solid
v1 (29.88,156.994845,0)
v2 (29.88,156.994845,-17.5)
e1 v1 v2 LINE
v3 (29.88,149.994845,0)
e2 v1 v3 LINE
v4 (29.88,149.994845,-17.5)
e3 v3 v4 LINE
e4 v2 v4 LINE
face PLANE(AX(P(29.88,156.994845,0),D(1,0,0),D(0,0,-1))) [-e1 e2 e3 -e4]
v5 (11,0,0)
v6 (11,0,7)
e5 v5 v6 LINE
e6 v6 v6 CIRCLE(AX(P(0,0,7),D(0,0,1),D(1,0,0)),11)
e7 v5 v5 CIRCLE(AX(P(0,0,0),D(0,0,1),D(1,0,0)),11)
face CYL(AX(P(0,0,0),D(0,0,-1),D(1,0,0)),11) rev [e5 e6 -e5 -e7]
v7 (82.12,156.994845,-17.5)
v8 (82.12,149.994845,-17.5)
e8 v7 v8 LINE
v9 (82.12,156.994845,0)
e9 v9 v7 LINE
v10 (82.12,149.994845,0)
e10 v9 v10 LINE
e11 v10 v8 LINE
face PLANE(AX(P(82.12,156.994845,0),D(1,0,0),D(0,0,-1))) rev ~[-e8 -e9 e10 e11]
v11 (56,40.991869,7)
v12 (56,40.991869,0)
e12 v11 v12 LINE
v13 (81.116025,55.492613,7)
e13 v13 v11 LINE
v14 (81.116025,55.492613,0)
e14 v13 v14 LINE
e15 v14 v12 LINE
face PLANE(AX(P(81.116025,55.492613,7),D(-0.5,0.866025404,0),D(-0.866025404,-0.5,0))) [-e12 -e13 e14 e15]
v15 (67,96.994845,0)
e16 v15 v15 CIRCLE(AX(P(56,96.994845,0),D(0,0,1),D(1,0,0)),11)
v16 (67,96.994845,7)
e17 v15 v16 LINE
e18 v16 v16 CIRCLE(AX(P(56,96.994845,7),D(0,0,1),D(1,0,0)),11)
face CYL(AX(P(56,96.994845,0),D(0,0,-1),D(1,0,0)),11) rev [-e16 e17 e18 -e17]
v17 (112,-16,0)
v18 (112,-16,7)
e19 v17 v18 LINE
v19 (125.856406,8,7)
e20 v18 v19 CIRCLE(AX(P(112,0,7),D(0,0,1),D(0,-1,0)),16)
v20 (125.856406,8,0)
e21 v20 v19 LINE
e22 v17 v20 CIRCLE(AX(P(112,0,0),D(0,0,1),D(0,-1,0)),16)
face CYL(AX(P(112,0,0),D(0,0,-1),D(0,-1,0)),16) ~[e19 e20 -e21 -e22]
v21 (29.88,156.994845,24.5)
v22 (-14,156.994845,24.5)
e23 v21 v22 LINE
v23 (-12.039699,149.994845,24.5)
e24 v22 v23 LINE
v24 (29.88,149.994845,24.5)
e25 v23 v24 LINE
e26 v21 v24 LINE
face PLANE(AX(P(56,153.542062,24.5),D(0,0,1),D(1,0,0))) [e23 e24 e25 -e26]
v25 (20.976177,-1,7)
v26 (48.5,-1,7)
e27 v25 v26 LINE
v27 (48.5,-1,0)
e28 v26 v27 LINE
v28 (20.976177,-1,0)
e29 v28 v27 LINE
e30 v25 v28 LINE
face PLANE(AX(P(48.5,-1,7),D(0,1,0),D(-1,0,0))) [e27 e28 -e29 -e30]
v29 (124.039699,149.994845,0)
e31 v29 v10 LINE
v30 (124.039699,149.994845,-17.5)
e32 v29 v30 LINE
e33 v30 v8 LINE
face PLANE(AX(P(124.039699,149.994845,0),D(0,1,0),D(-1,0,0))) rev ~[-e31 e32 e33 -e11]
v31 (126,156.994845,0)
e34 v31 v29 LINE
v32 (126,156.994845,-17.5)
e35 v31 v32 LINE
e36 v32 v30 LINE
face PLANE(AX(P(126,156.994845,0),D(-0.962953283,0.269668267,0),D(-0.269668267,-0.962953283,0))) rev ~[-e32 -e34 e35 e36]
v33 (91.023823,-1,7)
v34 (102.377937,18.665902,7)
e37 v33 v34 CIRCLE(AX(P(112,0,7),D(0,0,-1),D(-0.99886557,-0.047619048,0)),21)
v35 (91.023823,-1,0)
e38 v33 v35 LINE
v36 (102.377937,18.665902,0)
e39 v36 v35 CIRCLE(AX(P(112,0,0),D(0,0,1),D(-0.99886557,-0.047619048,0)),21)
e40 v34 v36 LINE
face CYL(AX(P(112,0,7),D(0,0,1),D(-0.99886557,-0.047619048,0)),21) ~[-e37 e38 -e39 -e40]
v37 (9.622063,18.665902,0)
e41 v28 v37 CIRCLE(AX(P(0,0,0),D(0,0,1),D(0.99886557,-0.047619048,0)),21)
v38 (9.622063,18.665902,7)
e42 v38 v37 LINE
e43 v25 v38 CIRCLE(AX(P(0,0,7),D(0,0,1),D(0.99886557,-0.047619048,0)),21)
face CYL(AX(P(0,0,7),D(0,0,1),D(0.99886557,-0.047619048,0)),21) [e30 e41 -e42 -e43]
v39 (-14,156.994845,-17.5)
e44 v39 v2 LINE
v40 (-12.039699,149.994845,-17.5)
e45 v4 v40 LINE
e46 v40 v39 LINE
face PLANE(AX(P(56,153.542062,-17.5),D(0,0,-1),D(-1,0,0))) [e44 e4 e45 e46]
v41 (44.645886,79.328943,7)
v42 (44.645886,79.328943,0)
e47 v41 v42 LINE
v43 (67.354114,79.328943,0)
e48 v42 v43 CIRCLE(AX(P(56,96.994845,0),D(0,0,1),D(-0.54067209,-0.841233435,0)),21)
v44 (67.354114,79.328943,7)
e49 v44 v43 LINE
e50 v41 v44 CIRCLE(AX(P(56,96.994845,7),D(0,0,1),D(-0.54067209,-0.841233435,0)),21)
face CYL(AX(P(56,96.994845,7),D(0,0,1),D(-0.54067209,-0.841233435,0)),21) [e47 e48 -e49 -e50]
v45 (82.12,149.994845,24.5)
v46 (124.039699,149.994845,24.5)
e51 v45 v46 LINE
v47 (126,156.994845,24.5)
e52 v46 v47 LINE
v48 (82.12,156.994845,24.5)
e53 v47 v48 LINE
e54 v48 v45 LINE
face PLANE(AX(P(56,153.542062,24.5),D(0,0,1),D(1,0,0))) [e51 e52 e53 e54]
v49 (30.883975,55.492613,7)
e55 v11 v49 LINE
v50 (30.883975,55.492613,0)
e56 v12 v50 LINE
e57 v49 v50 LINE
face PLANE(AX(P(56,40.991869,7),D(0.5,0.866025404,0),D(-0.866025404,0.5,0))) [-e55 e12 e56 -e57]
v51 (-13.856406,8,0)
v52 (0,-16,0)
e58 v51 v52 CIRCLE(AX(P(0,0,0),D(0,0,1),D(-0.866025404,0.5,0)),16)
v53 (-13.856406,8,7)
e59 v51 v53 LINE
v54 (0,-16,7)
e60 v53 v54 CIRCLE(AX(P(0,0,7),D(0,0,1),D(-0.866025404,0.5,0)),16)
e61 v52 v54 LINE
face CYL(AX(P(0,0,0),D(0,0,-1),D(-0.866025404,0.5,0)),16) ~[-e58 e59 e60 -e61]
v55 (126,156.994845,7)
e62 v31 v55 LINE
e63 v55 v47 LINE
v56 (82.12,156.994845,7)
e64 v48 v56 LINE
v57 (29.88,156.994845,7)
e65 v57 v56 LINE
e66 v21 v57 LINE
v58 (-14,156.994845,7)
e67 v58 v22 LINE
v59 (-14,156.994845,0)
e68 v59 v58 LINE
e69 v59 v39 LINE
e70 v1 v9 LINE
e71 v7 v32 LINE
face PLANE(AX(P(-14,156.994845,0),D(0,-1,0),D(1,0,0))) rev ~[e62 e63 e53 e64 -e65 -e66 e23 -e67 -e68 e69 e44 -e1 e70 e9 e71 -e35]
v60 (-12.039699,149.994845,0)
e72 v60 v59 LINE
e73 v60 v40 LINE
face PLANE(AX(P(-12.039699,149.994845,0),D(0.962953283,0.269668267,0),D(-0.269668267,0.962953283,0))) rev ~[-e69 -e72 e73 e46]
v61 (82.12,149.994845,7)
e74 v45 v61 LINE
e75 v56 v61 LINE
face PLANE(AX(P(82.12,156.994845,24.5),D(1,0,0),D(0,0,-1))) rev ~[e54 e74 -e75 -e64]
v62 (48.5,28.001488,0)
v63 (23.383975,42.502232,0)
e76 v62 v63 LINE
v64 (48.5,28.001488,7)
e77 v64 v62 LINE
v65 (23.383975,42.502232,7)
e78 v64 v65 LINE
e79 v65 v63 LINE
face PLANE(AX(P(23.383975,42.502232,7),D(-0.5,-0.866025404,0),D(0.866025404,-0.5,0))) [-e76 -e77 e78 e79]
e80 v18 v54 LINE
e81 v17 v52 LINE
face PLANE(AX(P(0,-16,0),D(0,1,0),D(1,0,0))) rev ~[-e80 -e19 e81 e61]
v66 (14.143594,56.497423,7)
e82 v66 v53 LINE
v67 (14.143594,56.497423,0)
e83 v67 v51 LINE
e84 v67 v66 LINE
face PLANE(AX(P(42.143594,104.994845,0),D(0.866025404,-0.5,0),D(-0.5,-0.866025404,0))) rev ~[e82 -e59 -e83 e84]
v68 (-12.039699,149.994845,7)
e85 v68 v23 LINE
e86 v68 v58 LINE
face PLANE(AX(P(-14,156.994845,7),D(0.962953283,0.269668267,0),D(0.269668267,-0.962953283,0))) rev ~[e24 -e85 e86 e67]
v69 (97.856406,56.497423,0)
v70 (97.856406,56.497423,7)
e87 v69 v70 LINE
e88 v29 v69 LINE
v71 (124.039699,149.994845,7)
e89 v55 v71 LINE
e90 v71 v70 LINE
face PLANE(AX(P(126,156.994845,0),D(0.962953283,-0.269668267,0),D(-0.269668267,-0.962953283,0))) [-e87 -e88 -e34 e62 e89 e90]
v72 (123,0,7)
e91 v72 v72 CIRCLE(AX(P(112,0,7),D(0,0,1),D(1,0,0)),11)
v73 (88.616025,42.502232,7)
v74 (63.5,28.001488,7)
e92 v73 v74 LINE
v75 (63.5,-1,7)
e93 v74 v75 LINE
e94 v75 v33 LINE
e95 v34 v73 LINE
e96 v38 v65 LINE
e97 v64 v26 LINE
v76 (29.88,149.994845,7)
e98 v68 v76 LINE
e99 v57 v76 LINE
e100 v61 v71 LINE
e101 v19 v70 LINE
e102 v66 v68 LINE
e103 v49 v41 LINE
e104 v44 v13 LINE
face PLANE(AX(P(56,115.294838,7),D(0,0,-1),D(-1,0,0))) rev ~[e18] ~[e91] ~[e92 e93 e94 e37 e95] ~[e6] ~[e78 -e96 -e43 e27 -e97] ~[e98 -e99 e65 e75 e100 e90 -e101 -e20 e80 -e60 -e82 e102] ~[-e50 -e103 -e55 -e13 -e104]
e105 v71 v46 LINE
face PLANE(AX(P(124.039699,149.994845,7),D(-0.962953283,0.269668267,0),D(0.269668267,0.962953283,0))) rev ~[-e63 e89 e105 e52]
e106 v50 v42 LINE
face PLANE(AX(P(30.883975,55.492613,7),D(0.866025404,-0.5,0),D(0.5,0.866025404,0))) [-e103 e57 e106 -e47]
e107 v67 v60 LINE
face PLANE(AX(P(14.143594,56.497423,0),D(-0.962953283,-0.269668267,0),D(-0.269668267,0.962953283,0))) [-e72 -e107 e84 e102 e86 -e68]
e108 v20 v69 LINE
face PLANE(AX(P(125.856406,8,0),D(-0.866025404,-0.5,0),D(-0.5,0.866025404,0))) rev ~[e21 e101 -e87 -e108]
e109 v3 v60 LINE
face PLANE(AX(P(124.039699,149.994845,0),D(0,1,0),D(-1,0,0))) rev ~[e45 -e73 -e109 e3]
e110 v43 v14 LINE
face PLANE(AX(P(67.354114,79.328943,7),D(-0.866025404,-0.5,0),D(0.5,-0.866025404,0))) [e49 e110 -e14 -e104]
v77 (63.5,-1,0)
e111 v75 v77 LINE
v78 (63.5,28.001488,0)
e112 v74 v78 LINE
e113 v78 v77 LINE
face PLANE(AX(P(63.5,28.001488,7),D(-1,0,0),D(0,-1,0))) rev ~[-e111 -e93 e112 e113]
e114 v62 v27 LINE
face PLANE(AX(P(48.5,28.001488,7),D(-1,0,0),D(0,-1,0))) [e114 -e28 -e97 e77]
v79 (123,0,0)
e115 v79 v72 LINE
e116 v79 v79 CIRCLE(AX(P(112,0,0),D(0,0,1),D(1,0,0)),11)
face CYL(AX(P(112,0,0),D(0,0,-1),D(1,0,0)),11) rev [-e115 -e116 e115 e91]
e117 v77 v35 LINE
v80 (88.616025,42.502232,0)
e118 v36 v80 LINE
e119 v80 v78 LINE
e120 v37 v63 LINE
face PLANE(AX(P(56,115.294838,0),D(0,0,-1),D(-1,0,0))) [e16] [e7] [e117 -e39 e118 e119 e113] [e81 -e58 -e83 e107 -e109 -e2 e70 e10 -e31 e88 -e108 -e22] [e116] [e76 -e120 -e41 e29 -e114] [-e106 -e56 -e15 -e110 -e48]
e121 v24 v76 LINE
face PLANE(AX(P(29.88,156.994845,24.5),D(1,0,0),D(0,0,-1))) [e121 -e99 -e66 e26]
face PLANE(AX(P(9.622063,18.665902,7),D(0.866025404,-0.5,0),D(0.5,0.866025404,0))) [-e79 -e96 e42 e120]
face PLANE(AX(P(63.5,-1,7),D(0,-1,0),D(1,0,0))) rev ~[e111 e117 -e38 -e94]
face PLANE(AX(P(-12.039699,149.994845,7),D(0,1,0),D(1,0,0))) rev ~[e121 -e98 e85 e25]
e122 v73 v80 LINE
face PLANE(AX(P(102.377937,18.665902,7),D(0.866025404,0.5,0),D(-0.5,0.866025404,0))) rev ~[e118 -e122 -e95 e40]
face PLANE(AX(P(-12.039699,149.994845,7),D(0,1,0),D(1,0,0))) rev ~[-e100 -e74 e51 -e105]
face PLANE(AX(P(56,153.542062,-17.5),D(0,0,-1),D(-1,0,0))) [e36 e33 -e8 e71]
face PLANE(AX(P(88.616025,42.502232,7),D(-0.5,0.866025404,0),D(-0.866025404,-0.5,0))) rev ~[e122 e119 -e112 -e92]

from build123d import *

# Parameters (mm, degrees)
SKETCH1_R           = 11
BOSS_EXTRUDE1_DEPTH = 7
CUT_EXTRUDE1_DEPTH  = 8
BOSS_EXTRUDE2_DEPTH = 7
BOSS_EXTRUDE3_DEPTH = 17.5
BOSS_EXTRUDE4_DEPTH = 17.5
SKETCH10_W          = 52.24
SKETCH10_H          = 17.5
CUT_EXTRUDE2_DEPTH  = 173.994845224


with BuildPart() as part:
    # Sketch1 → Boss-Extrude1 (new body)
    with BuildSketch(Plane.XY):
        with BuildLine():
            Line((42.143593539, 104.994845224), (-13.856406461, 8))
            ThreePointArc((-13.856406461, 8), (-13.856406461, -8), (0, -16))
            Line((0, -16), (112, -16))
            ThreePointArc((112, -16), (125.856406461, -8), (125.856406461, 8))
            Line((125.856406461, 8), (69.856406461, 104.994845224))
            ThreePointArc((69.856406461, 104.994845224), (56, 112.994845224), (42.143593539, 104.994845224))
        make_face()
        Circle(SKETCH1_R, mode=Mode.SUBTRACT)
        with Locations((112, 0)):
            Circle(SKETCH1_R, mode=Mode.SUBTRACT)
        with Locations((56, 96.994845224)):
            Circle(SKETCH1_R, mode=Mode.SUBTRACT)
    extrude(amount=BOSS_EXTRUDE1_DEPTH)

    # Sketch2 → Cut-Extrude1 (cut, through all)
    with BuildSketch(Plane.XY.offset(7)):
        with BuildLine():
            Line((9.622063078, 18.665902125), (23.383974596, 42.502232084))
            Line((23.383974596, 42.502232084), (48.5, 28.001488056))
            Line((48.5, 28.001488056), (48.5, -1))
            Line((48.5, -1), (20.976176963, -1))
            ThreePointArc((20.976176963, -1), (18.186533479, 10.5), (9.622063078, 18.665902125))
        make_face()
        with BuildLine():
            Line((63.5, -1), (91.023823037, -1))
            ThreePointArc((91.023823037, -1), (93.813466521, 10.5), (102.377936922, 18.665902125))
            Line((102.377936922, 18.665902125), (88.616025404, 42.502232084))
            Line((88.616025404, 42.502232084), (63.5, 28.001488056))
            Line((63.5, 28.001488056), (63.5, -1))
        make_face()
        with BuildLine():
            Line((30.883974596, 55.49261314), (44.645886115, 79.328943099))
            ThreePointArc((44.645886115, 79.328943099), (56, 75.994845224), (67.354113885, 79.328943099))
            Line((67.354113885, 79.328943099), (81.116025404, 55.49261314))
            Line((81.116025404, 55.49261314), (56, 40.991869112))
            Line((56, 40.991869112), (30.883974596, 55.49261314))
        make_face()
    extrude(amount=-CUT_EXTRUDE1_DEPTH, mode=Mode.SUBTRACT)

    # Sketch7 → Boss-Extrude2 (add)
    with BuildSketch(Plane.XY):
        with BuildLine():
            Line((-14, 156.994845224), (126, 156.994845224))
            Line((126, 156.994845224), (97.856406461, 56.497422612))
            Line((97.856406461, 56.497422612), (69.856406461, 104.994845224))
            ThreePointArc((69.856406461, 104.994845224), (56, 112.994845224), (42.143593539, 104.994845224))
            Line((42.143593539, 104.994845224), (14.143593539, 56.497422612))
            Line((14.143593539, 56.497422612), (-14, 156.994845224))
        make_face()
    extrude(amount=BOSS_EXTRUDE2_DEPTH)

    # Sketch8 → Boss-Extrude3 (add)
    with BuildSketch(Plane.XY.offset(7)):
        Polygon((-12.039699431, 149.994845224), (124.039699431, 149.994845224), (126, 156.994845224), (-14, 156.994845224), align=None)
    extrude(amount=BOSS_EXTRUDE3_DEPTH)

    # Sketch9 → Boss-Extrude4 (add)
    with BuildSketch(Plane(origin=(0, 0, 0), x_dir=(-1, 0, 0), z_dir=(0, 0, -1))):
        Polygon((-124.039699431, 149.994845224), (12.039699431, 149.994845224), (14, 156.994845224), (-126, 156.994845224), align=None)
    extrude(amount=BOSS_EXTRUDE4_DEPTH)

    # Sketch10 → Cut-Extrude2 (cut, through all)
    with BuildSketch(Plane(origin=(0, 156.994845224, 0), x_dir=(1, 0, 0), z_dir=(0, 1, 0))):
        with Locations((56, -15.75)):
            Rectangle(SKETCH10_W, SKETCH10_H)
        with Locations((56, 8.75)):
            Rectangle(SKETCH10_W, SKETCH10_H)
    extrude(amount=-CUT_EXTRUDE2_DEPTH, mode=Mode.SUBTRACT)


solid = part.part
